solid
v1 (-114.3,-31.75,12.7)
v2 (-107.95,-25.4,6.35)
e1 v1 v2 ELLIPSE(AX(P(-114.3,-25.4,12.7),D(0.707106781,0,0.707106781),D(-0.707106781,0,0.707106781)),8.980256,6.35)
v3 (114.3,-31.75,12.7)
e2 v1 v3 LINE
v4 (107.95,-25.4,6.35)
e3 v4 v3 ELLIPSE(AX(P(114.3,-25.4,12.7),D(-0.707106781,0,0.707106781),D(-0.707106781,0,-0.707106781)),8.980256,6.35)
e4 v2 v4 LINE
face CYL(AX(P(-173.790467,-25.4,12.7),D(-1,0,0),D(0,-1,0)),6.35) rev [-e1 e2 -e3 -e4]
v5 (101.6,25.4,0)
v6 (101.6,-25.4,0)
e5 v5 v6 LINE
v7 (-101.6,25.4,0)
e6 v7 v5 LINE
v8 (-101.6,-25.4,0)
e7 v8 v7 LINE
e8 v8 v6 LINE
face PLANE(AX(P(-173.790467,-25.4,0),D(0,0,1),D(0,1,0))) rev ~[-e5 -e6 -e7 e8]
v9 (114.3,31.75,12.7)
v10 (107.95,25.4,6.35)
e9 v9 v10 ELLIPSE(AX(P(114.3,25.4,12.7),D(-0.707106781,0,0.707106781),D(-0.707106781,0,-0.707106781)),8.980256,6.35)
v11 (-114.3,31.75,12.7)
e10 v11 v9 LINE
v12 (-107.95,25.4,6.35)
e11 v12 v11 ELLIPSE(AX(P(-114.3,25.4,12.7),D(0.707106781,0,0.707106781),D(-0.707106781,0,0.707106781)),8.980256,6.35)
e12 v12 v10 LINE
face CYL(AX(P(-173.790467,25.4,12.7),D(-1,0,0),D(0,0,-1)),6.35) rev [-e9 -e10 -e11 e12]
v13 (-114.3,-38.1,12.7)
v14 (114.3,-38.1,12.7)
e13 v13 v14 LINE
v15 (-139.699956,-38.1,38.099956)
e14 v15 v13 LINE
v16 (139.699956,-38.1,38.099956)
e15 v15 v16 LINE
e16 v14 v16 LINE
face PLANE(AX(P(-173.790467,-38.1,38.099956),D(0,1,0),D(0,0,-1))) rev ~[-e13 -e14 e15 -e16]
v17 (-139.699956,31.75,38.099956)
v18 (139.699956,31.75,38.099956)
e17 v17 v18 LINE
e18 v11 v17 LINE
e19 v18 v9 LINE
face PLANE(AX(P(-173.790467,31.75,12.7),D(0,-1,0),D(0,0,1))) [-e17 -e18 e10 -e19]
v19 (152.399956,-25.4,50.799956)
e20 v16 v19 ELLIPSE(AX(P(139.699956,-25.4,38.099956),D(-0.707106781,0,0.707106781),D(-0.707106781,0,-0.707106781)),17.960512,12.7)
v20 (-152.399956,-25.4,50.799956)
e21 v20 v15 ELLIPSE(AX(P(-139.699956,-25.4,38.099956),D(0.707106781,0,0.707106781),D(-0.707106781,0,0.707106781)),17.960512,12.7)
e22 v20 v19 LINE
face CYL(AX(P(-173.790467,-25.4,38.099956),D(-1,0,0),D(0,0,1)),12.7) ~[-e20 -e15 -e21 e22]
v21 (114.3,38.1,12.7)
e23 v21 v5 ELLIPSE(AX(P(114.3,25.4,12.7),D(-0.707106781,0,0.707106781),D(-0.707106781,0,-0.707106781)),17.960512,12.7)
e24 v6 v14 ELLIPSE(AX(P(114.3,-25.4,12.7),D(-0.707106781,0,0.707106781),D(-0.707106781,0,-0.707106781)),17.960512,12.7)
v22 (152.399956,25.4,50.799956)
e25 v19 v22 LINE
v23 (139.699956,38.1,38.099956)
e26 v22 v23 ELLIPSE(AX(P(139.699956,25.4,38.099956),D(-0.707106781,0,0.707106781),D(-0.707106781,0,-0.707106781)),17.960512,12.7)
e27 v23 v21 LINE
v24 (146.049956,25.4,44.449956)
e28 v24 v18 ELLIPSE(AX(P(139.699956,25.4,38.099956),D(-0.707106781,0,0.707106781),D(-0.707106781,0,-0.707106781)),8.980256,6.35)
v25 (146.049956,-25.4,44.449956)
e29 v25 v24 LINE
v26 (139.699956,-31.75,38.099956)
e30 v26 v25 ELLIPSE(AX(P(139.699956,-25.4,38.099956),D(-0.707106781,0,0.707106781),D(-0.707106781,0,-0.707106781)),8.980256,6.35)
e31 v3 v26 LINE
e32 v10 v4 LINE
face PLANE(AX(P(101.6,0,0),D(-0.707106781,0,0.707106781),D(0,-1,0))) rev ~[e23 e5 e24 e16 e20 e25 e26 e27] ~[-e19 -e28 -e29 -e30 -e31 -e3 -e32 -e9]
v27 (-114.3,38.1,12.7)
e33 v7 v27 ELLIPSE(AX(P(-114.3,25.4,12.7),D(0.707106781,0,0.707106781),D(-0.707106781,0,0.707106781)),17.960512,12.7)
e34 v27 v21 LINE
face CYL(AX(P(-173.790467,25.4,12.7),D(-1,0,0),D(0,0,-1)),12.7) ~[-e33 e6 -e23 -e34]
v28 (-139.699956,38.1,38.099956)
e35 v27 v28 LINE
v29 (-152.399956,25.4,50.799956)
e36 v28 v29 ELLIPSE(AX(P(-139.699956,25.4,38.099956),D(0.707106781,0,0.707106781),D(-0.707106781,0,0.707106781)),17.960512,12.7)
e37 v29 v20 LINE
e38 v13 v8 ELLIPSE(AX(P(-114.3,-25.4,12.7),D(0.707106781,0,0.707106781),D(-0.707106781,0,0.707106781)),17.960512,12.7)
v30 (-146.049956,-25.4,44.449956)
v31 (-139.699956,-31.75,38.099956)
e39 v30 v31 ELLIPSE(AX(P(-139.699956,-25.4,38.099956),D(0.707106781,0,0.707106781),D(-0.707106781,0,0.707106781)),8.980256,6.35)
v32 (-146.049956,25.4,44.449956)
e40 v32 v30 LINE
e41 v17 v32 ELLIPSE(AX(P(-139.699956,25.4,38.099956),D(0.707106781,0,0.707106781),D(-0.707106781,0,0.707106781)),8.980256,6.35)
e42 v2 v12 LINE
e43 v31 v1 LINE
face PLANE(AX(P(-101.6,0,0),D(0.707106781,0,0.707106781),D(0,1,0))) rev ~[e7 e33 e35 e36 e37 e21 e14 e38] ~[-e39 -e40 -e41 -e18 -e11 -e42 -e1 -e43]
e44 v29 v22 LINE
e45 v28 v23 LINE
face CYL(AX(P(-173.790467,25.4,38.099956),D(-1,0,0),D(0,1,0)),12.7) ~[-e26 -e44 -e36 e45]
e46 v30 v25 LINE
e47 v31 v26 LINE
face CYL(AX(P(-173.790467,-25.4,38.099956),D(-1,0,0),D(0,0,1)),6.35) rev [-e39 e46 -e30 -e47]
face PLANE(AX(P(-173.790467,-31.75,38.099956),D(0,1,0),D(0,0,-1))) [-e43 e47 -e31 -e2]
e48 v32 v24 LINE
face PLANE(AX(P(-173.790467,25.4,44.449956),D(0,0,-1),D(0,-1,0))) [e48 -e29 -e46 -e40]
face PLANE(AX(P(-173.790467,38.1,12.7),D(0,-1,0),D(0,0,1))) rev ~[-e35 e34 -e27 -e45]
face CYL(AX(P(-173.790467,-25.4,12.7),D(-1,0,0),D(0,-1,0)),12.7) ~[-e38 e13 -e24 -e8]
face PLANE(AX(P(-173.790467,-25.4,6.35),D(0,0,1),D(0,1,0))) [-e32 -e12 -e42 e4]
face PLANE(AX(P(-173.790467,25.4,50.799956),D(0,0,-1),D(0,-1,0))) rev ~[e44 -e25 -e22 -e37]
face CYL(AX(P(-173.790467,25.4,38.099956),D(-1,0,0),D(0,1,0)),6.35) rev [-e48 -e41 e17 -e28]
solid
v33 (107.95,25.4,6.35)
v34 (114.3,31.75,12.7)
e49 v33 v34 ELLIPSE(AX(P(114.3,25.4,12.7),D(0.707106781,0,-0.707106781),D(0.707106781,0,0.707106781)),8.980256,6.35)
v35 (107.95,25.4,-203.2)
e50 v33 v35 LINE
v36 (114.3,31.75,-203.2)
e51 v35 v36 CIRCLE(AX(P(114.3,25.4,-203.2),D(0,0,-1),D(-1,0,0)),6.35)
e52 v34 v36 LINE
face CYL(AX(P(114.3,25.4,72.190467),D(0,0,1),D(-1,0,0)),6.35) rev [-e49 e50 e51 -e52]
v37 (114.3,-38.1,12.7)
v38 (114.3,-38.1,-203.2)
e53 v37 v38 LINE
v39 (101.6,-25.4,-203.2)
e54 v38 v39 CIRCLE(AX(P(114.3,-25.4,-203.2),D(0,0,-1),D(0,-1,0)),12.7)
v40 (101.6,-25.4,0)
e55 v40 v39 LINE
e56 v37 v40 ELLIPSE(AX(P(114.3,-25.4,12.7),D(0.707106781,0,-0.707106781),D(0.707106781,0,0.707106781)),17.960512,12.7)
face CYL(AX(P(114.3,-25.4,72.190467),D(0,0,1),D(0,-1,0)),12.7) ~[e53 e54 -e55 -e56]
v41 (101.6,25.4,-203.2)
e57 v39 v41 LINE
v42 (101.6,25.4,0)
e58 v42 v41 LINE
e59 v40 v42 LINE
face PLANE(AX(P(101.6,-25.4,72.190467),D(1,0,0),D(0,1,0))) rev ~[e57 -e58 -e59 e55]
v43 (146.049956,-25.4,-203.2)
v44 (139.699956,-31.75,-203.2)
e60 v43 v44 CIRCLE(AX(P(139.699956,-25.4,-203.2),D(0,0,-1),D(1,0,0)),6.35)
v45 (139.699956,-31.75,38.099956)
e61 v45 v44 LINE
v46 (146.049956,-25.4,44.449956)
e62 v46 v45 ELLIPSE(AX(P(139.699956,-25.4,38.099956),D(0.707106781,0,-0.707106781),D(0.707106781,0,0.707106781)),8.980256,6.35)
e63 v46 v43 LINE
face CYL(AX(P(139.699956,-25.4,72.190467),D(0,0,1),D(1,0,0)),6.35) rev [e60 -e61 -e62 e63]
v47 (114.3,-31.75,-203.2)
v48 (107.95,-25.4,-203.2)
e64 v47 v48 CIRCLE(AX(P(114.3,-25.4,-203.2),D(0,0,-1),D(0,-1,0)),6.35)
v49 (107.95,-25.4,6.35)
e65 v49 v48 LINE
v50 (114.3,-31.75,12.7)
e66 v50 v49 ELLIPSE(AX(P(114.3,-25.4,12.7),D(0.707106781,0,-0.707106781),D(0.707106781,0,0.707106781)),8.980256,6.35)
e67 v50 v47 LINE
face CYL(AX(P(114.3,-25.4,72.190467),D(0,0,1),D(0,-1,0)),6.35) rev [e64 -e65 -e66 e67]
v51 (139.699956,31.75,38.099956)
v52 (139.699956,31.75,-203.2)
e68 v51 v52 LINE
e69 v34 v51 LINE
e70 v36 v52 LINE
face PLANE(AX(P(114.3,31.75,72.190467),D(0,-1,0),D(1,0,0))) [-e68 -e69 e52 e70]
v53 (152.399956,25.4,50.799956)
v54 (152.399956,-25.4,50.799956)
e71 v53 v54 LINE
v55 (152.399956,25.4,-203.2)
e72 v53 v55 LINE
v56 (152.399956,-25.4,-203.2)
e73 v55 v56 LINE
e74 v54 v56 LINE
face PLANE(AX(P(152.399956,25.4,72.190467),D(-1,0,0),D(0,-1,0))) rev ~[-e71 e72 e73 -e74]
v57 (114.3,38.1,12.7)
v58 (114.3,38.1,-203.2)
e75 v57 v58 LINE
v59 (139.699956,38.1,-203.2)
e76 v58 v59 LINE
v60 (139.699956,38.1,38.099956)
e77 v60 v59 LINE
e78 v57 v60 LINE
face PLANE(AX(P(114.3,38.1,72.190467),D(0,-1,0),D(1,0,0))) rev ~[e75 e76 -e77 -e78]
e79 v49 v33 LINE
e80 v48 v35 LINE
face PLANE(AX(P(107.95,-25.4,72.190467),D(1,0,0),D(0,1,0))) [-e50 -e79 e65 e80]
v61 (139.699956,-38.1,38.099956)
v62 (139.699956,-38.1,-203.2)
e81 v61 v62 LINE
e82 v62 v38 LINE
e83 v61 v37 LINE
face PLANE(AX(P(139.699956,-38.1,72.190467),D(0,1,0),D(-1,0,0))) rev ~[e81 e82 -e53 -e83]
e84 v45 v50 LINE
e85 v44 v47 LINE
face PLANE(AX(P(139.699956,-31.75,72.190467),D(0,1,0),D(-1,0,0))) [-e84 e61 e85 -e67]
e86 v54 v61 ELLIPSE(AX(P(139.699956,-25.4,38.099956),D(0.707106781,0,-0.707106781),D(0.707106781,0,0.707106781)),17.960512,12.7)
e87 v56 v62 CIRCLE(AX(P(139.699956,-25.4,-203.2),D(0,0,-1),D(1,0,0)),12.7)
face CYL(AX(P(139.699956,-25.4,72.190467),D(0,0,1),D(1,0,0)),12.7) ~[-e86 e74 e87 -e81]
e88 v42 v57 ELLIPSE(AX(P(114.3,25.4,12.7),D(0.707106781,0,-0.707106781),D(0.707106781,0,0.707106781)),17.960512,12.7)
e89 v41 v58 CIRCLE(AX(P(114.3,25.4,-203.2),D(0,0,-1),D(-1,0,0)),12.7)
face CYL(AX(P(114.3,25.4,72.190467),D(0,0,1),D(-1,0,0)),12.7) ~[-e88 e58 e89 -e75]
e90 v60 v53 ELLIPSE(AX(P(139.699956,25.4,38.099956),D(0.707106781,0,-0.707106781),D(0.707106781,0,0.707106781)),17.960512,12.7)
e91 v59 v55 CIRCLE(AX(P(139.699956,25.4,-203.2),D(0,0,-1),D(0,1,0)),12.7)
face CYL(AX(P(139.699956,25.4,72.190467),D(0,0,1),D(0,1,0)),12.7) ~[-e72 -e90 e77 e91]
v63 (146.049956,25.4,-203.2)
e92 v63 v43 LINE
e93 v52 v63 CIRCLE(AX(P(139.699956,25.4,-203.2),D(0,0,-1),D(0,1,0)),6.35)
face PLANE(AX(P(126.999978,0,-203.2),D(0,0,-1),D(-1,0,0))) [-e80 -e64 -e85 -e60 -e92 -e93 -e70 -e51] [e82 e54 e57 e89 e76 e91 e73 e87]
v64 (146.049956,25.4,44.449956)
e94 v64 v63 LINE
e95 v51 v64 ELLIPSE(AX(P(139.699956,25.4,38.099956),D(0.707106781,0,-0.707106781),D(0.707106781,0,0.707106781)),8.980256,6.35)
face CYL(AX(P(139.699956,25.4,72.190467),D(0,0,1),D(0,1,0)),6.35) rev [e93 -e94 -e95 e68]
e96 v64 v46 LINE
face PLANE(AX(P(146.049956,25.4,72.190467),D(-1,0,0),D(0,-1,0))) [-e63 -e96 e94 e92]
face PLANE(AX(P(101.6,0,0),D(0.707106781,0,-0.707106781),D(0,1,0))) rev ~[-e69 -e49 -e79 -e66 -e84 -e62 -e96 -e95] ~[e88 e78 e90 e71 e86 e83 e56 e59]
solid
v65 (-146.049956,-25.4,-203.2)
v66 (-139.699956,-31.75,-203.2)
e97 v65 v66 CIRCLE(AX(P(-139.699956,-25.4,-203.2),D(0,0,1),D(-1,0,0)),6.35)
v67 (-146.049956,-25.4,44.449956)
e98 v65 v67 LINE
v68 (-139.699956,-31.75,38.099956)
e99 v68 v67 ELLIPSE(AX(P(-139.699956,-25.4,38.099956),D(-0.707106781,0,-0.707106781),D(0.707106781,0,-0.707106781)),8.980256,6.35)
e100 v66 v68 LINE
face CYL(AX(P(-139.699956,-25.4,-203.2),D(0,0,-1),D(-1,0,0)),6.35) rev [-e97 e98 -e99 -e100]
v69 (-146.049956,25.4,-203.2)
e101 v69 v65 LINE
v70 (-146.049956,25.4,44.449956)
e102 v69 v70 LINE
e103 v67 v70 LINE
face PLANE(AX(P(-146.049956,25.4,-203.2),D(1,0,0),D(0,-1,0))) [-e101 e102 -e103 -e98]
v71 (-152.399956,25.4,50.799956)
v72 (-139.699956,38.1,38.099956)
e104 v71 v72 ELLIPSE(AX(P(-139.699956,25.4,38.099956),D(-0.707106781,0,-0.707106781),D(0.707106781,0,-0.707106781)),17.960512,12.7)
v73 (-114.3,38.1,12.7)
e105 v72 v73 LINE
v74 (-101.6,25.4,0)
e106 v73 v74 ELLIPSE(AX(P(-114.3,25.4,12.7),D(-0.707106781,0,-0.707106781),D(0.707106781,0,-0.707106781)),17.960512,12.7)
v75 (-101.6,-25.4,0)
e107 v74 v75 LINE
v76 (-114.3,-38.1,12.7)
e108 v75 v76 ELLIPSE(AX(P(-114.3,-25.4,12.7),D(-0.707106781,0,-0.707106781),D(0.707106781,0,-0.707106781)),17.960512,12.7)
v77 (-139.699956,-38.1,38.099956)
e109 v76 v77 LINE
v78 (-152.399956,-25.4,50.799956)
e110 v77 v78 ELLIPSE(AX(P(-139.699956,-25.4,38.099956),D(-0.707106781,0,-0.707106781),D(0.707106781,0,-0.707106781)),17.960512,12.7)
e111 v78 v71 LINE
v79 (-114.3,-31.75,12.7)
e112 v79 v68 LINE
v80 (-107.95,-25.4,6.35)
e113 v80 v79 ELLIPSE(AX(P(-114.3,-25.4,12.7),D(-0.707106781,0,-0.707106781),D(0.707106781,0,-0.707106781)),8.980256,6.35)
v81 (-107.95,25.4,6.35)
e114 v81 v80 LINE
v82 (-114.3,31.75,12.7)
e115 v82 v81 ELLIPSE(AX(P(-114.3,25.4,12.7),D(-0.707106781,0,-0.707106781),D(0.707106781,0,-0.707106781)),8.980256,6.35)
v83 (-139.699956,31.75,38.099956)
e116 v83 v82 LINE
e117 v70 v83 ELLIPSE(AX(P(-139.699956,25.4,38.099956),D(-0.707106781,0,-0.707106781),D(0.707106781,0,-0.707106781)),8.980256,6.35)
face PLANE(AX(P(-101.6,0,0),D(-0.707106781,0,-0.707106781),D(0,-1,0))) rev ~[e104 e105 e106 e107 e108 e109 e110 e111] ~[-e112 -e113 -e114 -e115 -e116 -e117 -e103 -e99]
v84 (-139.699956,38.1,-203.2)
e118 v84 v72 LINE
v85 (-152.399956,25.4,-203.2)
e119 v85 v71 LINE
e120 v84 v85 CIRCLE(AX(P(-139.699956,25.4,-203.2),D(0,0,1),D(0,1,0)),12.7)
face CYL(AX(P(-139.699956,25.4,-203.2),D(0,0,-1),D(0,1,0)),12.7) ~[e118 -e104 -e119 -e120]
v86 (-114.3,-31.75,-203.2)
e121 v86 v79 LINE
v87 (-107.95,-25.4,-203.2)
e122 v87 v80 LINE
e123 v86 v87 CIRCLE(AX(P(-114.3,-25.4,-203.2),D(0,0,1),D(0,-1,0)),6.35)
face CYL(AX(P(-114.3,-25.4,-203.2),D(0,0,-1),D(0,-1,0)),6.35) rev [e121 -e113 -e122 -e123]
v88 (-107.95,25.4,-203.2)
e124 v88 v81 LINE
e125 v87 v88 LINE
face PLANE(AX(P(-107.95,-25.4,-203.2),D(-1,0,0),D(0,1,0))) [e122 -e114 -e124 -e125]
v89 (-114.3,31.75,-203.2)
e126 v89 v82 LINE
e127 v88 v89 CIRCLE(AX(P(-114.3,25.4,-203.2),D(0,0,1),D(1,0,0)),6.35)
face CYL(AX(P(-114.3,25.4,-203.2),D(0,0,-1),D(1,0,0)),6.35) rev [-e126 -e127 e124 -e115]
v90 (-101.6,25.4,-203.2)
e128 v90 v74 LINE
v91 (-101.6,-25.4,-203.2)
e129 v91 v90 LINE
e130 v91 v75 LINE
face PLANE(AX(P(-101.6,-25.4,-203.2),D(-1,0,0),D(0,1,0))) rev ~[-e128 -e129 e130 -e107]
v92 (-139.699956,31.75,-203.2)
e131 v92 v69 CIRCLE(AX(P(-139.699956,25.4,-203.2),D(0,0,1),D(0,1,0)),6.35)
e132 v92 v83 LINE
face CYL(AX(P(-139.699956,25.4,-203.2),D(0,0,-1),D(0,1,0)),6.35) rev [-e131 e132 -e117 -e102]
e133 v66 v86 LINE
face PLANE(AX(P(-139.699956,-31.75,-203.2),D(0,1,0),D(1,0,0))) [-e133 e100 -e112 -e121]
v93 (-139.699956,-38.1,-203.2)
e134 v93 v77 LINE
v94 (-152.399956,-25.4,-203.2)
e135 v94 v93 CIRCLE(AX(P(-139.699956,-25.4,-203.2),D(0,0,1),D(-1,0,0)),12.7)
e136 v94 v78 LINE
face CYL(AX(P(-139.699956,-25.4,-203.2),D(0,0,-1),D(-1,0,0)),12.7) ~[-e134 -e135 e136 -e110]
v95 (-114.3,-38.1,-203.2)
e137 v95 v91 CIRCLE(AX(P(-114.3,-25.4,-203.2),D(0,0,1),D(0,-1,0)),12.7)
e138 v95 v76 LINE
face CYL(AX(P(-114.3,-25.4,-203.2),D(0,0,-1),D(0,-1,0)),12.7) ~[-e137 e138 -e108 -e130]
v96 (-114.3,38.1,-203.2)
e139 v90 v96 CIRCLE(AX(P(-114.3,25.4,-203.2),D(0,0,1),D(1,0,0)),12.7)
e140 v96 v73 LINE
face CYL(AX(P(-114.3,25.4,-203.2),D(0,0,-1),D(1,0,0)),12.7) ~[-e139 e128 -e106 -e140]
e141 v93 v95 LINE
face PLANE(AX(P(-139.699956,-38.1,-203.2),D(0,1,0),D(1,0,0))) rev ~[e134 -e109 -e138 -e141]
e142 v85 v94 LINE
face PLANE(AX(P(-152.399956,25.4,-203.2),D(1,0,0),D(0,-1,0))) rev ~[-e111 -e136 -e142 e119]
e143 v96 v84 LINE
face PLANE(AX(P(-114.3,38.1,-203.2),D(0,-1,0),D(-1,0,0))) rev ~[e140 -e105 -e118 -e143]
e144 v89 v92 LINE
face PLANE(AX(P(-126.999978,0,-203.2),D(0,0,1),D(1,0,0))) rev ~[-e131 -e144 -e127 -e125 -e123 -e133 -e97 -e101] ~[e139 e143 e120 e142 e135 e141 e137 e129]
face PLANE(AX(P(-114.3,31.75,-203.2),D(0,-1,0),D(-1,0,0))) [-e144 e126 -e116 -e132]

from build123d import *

# Parameters (mm, degrees)
RECTANGULAR_TUBE_CONFIGURED_3_X_2_X_0_DEPTH    = 275.39046704
RECTANGULAR_TUBE_CONFIGURED_3_X_2_3_DEPTH      = 347.58093408
RECTANGULAR_TUBE_CONFIGURED_3_X_2_5_DEPTH      = 203.2
RECTANGULAR_TUBE_CONFIGURED_3_X_2_5_DEPTH_BACK = 72.19046704


with BuildPart() as part:
    # Sketch11 on segment 1 (carried to segment 1) → Rectangular tube - configured 3 X 2 X 0.25(1) (new body)
    with BuildSketch(Plane(origin=(-126.999978029, 0, -203.2), x_dir=(1, 0, 0), z_dir=(0, 0, 1))):
        with BuildLine():
            Line((-12.699978029, -38.1), (12.699978029, -38.1))
            ThreePointArc((12.699978029, -38.1), (21.68023415, -34.380256121), (25.399978029, -25.4))
            Line((25.399978029, -25.4), (25.399978029, 25.4))
            ThreePointArc((25.399978029, 25.4), (21.68023415, 34.380256121), (12.699978029, 38.1))
            Line((12.699978029, 38.1), (-12.699978029, 38.1))
            ThreePointArc((-12.699978029, 38.1), (-21.68023415, 34.380256121), (-25.399978029, 25.4))
            Line((-25.399978029, 25.4), (-25.399978029, -25.4))
            ThreePointArc((-25.399978029, -25.4), (-21.68023415, -34.380256121), (-12.699978029, -38.1))
        make_face()
        with BuildLine():
            Line((-12.699978029, -31.75), (12.699978029, -31.75))
            ThreePointArc((12.699978029, -31.75), (17.19010609, -29.890128061), (19.049978029, -25.4))
            Line((19.049978029, -25.4), (19.049978029, 25.4))
            ThreePointArc((19.049978029, 25.4), (17.19010609, 29.890128061), (12.699978029, 31.75))
            Line((12.699978029, 31.75), (-12.699978029, 31.75))
            ThreePointArc((-12.699978029, 31.75), (-17.19010609, 29.890128061), (-19.049978029, 25.4))
            Line((-19.049978029, 25.4), (-19.049978029, -25.4))
            ThreePointArc((-19.049978029, -25.4), (-17.19010609, -29.890128061), (-12.699978029, -31.75))
        make_face(mode=Mode.SUBTRACT)
    extrude(amount=RECTANGULAR_TUBE_CONFIGURED_3_X_2_X_0_DEPTH)

    # Rectangular tube - configured 3 X 2  2
    split(bisect_by=Plane(origin=(-101.6, 0, 0), x_dir=(0, -1, 0), z_dir=(-0.707106781, 0, -0.707106781)), keep=Keep.TOP)


with BuildPart() as body_2:
    # Sketch11 on segment 2 (carried to segment 2) → Rectangular tube - configured 3 X 2  3 (new body)
    with BuildSketch(Plane(origin=(-173.79046704, 0, 25.399978029), x_dir=(0, 0, -1), z_dir=(1, 0, 0))):
        with BuildLine():
            Line((-12.699978029, -38.1), (12.699978029, -38.1))
            ThreePointArc((12.699978029, -38.1), (21.68023415, -34.380256121), (25.399978029, -25.4))
            Line((25.399978029, -25.4), (25.399978029, 25.4))
            ThreePointArc((25.399978029, 25.4), (21.68023415, 34.380256121), (12.699978029, 38.1))
            Line((12.699978029, 38.1), (-12.699978029, 38.1))
            ThreePointArc((-12.699978029, 38.1), (-21.68023415, 34.380256121), (-25.399978029, 25.4))
            Line((-25.399978029, 25.4), (-25.399978029, -25.4))
            ThreePointArc((-25.399978029, -25.4), (-21.68023415, -34.380256121), (-12.699978029, -38.1))
        make_face()
        with BuildLine():
            Line((-12.699978029, -31.75), (12.699978029, -31.75))
            ThreePointArc((12.699978029, -31.75), (17.19010609, -29.890128061), (19.049978029, -25.4))
            Line((19.049978029, -25.4), (19.049978029, 25.4))
            ThreePointArc((19.049978029, 25.4), (17.19010609, 29.890128061), (12.699978029, 31.75))
            Line((12.699978029, 31.75), (-12.699978029, 31.75))
            ThreePointArc((-12.699978029, 31.75), (-17.19010609, 29.890128061), (-19.049978029, 25.4))
            Line((-19.049978029, 25.4), (-19.049978029, -25.4))
            ThreePointArc((-19.049978029, -25.4), (-17.19010609, -29.890128061), (-12.699978029, -31.75))
        make_face(mode=Mode.SUBTRACT)
    extrude(amount=RECTANGULAR_TUBE_CONFIGURED_3_X_2_3_DEPTH)

    # Rectangular tube - configured 3 X 2 3 mi
    split(bisect_by=Plane(origin=(-101.6, 0, 0), x_dir=(0, 1, 0), z_dir=(0.707106781, 0, 0.707106781)), keep=Keep.TOP)

    # Rectangular tube - configured 3 X 2  4
    split(bisect_by=Plane(origin=(101.6, 0, 0), x_dir=(0, -1, 0), z_dir=(-0.707106781, 0, 0.707106781)), keep=Keep.TOP)


with BuildPart() as body_3:
    # Sketch11 → Rectangular tube - configured 3 X 2  5 (new, two sides: drawn at the far end of the back side and taken through both)
    with BuildSketch(Plane(origin=(126.999978029, 0, 0), x_dir=(-1, 0, 0), z_dir=(0, 0, -1)).offset(-RECTANGULAR_TUBE_CONFIGURED_3_X_2_5_DEPTH_BACK)):
        with BuildLine():
            Line((-12.699978029, -38.1), (12.699978029, -38.1))
            ThreePointArc((12.699978029, -38.1), (21.68023415, -34.380256121), (25.399978029, -25.4))
            Line((25.399978029, -25.4), (25.399978029, 25.4))
            ThreePointArc((25.399978029, 25.4), (21.68023415, 34.380256121), (12.699978029, 38.1))
            Line((12.699978029, 38.1), (-12.699978029, 38.1))
            ThreePointArc((-12.699978029, 38.1), (-21.68023415, 34.380256121), (-25.399978029, 25.4))
            Line((-25.399978029, 25.4), (-25.399978029, -25.4))
            ThreePointArc((-25.399978029, -25.4), (-21.68023415, -34.380256121), (-12.699978029, -38.1))
        make_face()
        with BuildLine():
            Line((-12.699978029, -31.75), (12.699978029, -31.75))
            ThreePointArc((12.699978029, -31.75), (17.19010609, -29.890128061), (19.049978029, -25.4))
            Line((19.049978029, -25.4), (19.049978029, 25.4))
            ThreePointArc((19.049978029, 25.4), (17.19010609, 29.890128061), (12.699978029, 31.75))
            Line((12.699978029, 31.75), (-12.699978029, 31.75))
            ThreePointArc((-12.699978029, 31.75), (-17.19010609, 29.890128061), (-19.049978029, 25.4))
            Line((-19.049978029, 25.4), (-19.049978029, -25.4))
            ThreePointArc((-19.049978029, -25.4), (-17.19010609, -29.890128061), (-12.699978029, -31.75))
        make_face(mode=Mode.SUBTRACT)
    extrude(amount=RECTANGULAR_TUBE_CONFIGURED_3_X_2_5_DEPTH + RECTANGULAR_TUBE_CONFIGURED_3_X_2_5_DEPTH_BACK)

    # Rectangular tube - configured 3 X 2 5 mi
    split(bisect_by=Plane(origin=(101.6, 0, 0), x_dir=(0, 1, 0), z_dir=(0.707106781, 0, -0.707106781)), keep=Keep.TOP)


solid = Compound([part.part, body_2.part, body_3.part])
